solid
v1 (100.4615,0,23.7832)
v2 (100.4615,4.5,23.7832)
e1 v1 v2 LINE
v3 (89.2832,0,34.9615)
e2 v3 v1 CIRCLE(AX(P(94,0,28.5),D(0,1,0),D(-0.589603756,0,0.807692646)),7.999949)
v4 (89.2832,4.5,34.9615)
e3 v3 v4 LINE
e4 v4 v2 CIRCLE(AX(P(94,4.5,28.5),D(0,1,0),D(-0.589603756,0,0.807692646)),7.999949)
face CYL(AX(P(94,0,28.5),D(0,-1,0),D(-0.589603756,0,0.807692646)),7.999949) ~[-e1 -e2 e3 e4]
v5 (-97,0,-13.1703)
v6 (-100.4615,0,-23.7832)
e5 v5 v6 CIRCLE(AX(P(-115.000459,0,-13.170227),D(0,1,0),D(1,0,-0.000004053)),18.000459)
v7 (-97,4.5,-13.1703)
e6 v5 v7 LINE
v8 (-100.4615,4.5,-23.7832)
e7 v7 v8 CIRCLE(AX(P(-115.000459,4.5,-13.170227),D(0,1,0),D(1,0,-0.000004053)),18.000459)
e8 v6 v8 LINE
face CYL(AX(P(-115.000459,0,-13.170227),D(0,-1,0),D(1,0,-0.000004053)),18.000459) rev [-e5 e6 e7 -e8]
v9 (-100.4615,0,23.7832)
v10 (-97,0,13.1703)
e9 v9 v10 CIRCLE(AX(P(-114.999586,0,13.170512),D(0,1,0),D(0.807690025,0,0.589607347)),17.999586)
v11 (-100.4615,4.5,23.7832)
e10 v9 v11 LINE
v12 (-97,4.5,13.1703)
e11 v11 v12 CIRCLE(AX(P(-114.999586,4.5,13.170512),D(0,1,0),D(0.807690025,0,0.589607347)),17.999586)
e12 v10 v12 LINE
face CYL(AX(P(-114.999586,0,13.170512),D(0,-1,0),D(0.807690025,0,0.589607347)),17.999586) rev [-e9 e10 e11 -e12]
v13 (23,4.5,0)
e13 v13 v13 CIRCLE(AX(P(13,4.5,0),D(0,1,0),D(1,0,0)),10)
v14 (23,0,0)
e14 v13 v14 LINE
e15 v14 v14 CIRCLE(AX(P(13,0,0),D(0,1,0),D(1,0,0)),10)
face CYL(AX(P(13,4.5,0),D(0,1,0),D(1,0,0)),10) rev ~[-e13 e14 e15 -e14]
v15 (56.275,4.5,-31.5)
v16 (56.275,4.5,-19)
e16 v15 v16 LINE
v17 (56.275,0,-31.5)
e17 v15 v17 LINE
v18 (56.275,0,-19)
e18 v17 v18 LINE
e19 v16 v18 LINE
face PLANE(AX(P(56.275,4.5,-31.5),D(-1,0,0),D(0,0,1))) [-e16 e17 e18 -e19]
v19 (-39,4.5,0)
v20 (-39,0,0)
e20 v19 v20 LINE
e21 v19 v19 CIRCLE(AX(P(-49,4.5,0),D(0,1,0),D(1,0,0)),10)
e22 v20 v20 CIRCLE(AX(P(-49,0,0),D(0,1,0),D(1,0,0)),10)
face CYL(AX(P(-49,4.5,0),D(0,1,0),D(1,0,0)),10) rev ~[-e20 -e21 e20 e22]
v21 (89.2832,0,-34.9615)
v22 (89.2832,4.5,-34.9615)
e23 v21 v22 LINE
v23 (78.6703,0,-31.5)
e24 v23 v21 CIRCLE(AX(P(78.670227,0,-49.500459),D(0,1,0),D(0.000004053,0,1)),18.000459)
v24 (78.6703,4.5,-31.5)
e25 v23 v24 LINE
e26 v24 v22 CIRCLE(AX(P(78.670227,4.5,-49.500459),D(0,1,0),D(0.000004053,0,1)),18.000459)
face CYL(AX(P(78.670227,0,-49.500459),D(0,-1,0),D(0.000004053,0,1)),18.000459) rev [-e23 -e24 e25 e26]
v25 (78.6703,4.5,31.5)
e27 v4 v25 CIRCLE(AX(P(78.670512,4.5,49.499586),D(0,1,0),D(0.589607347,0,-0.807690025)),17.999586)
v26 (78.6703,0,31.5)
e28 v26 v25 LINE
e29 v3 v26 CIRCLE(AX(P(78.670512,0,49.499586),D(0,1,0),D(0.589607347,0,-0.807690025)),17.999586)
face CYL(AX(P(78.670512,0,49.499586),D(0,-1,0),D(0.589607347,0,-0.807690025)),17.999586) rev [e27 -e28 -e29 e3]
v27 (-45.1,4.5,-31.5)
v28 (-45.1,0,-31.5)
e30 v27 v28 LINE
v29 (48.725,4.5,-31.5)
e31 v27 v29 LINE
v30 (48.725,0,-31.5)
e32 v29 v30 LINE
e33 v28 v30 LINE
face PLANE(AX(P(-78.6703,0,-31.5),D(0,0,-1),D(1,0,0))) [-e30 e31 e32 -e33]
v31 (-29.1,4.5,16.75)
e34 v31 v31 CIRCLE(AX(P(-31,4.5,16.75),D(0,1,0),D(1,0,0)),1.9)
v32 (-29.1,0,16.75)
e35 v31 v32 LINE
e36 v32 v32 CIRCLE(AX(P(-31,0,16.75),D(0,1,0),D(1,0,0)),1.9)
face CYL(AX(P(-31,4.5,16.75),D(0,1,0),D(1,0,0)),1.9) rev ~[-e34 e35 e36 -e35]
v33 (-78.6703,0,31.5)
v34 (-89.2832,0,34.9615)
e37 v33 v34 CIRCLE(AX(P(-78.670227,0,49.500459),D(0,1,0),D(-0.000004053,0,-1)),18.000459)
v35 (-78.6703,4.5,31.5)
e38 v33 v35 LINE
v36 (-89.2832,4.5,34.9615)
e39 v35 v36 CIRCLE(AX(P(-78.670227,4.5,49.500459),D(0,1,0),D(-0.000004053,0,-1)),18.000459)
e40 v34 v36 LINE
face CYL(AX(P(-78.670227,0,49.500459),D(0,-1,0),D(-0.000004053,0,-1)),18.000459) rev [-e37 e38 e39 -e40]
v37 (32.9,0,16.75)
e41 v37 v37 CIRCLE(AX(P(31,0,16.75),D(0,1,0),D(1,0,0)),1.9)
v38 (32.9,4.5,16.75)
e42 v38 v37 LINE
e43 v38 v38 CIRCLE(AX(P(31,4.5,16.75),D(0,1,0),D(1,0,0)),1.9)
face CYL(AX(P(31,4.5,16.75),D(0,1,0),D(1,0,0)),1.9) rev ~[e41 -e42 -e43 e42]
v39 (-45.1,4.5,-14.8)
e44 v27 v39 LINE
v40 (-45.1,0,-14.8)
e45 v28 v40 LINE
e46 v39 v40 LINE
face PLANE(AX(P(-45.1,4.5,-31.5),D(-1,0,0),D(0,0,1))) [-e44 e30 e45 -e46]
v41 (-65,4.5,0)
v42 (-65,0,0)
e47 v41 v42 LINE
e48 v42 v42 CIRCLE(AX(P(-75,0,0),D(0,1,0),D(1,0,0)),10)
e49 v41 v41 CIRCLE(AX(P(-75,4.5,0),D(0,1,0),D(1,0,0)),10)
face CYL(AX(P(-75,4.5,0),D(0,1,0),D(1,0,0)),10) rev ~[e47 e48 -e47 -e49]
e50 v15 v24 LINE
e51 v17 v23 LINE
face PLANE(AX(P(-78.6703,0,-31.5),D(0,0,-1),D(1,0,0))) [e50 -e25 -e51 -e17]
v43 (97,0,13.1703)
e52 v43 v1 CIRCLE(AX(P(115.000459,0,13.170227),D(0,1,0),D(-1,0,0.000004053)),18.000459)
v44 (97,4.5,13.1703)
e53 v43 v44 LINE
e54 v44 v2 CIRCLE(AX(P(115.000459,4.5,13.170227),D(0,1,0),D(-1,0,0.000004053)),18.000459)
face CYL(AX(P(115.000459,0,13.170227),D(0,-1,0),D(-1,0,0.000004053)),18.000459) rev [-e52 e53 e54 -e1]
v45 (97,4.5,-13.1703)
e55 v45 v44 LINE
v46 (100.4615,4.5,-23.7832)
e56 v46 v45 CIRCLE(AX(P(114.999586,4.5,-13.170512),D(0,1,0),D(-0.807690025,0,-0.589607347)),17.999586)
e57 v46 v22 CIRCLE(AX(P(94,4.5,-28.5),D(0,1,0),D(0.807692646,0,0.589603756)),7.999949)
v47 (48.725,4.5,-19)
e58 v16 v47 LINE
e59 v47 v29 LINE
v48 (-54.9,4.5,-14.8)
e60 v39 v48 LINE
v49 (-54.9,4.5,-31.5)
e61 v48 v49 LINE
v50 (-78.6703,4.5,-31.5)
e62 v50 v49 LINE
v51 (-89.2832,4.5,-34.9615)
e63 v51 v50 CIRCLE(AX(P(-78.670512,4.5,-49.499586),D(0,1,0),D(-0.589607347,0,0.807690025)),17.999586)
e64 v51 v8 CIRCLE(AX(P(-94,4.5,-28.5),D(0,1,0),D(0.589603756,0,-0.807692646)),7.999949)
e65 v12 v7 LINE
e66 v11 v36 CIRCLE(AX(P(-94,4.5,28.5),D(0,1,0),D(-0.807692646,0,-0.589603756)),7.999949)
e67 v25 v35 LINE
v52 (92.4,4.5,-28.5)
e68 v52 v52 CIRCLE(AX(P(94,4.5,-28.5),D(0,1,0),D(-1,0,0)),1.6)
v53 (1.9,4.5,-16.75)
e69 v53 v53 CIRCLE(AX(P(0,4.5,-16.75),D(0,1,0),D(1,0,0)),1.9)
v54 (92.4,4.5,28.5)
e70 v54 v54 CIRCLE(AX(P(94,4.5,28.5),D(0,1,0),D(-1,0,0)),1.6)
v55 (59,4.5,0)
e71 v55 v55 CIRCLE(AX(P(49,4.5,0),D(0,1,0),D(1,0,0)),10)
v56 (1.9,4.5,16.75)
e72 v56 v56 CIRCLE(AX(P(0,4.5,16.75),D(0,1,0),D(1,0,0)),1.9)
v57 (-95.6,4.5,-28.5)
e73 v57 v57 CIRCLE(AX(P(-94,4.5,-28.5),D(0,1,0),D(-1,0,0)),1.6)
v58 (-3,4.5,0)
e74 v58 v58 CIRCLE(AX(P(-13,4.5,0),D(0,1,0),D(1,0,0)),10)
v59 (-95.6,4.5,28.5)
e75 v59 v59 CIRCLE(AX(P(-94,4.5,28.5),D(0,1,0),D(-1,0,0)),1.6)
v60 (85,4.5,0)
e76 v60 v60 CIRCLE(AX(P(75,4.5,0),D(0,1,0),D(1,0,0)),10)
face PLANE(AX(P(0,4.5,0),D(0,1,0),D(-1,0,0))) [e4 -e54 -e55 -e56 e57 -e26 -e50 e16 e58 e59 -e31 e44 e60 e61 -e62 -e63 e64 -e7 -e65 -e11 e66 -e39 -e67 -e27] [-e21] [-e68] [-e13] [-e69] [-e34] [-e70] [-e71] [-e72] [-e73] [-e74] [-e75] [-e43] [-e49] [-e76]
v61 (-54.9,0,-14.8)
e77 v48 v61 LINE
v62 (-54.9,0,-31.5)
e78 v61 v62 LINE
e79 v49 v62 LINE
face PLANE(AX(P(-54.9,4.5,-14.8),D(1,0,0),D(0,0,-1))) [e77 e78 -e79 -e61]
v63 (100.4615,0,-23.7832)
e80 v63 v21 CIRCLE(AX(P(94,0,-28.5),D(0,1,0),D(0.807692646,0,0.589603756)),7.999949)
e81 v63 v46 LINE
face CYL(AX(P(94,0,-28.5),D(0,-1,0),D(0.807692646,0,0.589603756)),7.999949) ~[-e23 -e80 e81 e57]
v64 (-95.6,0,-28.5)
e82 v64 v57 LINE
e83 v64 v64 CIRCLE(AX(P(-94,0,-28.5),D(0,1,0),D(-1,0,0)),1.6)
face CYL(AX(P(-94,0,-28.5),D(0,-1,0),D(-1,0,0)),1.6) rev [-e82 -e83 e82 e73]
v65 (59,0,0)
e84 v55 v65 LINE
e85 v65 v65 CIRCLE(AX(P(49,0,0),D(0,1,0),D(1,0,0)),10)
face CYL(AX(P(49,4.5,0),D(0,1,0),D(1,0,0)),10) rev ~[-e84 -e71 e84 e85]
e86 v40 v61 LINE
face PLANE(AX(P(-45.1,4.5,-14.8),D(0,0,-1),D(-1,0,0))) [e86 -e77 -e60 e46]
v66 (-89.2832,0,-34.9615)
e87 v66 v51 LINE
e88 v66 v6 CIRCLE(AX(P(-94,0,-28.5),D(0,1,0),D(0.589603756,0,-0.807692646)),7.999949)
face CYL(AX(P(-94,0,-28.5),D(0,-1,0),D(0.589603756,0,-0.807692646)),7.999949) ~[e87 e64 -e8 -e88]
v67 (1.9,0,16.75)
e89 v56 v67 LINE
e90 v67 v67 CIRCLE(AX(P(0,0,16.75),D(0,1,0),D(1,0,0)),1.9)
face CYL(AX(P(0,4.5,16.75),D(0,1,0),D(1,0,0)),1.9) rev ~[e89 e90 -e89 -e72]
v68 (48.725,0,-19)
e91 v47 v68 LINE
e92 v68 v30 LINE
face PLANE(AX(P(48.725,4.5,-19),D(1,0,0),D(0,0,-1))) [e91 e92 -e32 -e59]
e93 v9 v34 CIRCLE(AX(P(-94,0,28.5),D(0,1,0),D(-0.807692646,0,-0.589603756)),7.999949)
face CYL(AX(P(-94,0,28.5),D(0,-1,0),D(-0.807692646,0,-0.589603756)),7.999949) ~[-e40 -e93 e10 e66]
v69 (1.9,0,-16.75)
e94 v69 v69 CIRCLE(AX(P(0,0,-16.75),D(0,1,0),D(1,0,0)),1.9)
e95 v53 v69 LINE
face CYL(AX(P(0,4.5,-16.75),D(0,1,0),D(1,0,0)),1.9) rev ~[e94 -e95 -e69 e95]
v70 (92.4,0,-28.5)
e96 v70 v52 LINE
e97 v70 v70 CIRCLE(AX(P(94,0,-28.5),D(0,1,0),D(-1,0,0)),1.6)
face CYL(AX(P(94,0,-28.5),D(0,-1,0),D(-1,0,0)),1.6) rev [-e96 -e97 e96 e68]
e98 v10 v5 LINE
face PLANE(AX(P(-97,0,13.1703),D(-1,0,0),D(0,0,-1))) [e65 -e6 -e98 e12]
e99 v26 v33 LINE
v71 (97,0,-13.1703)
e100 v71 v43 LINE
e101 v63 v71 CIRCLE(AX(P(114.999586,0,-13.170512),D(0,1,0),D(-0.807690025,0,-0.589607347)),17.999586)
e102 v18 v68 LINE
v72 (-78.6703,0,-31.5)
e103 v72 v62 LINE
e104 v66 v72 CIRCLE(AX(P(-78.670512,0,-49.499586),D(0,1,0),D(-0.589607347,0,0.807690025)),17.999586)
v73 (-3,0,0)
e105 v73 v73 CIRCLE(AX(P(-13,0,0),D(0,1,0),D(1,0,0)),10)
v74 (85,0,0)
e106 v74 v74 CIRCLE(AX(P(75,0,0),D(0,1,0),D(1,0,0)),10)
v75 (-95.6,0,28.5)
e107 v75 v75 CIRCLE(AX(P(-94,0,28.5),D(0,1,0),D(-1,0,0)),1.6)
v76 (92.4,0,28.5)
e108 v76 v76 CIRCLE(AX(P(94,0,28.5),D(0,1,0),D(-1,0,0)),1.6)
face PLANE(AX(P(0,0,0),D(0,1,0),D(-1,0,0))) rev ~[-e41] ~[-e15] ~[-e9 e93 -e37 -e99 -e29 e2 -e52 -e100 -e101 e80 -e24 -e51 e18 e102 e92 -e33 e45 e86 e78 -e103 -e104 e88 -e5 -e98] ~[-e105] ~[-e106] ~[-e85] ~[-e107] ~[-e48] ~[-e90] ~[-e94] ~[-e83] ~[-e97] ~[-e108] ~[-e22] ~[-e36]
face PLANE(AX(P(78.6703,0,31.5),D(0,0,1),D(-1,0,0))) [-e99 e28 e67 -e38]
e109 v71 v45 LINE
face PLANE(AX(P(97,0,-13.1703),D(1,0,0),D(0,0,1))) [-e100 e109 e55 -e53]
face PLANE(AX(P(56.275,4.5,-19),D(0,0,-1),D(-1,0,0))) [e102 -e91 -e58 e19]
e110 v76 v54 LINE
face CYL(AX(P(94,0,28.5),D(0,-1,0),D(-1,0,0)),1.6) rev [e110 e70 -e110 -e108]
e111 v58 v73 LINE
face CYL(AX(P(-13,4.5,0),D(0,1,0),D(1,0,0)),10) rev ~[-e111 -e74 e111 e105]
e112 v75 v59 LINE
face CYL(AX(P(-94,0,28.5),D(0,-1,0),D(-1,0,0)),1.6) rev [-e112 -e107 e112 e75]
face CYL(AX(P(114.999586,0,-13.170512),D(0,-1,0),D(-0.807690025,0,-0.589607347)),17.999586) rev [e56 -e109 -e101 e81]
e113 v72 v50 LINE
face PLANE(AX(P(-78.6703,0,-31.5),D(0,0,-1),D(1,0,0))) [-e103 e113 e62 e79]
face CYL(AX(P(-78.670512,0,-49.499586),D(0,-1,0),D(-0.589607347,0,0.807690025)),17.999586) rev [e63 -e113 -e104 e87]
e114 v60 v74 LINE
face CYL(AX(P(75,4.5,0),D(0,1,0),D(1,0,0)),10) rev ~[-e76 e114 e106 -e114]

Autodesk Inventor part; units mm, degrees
ref_plane "YZ Plane" through (0, 0, 0) normal (1, 0, 0) x (0, 1, 0)
ref_plane "XZ Plane" through (0, 0, 0) normal (0, 1, 0) x (-1, 0, 0)
ref_plane "XY Plane" through (0, 0, 0) normal (0, 0, 1) x (1, 0, 0)
sketch "Sketch2" plane through (0, 0, 0) normal (0, 1, 0) x (-1, 0, 0)
  line L0 (-94, 28.5) -> (94, 28.5) construction
  line L1 (94, 28.5) -> (94, -28.5) construction
  line L2 (94, -28.5) -> (-94, -28.5) construction
  line L3 (-94, -28.5) -> (-94, 28.5) construction
  line L4 (-94, 28.5) -> (94, -28.5) construction
  line L5 (94, 28.5) -> (-94, -28.5) construction
  line L6 (78.6703, -31.5) -> (-78.6703, -31.5)
  line L7 (-97, -13.1703) -> (-97, 13.1703)
  line L8 (-78.6703, 31.5) -> (78.6703, 31.5)
  line L9 (97, 13.1703) -> (97, -13.1703)
  arc A0 (89.2832, -34.9615) -> (100.4615, -23.7832) centre (94, -28.5) ccw
  arc A1 (100.4615, 23.7832) -> (89.2832, 34.9615) centre (94, 28.5) ccw
  arc A2 (-89.2832, 34.9615) -> (-100.4615, 23.7832) centre (-94, 28.5) ccw
  arc A3 (-100.4615, -23.7832) -> (-89.2832, -34.9615) centre (-94, -28.5) ccw
  arc A4 (89.2832, -34.9615) -> (78.6703, -31.5) centre (78.6703, -49.5) ccw
  arc A5 (97, -13.1703) -> (100.4615, -23.7832) centre (115, -13.1703) ccw
  arc A6 (100.4615, 23.7832) -> (97, 13.1703) centre (115, 13.1703) ccw
  arc A7 (78.6703, 31.5) -> (89.2832, 34.9615) centre (78.6703, 49.5) ccw
  arc A8 (-89.2832, 34.9615) -> (-78.6703, 31.5) centre (-78.6703, 49.5) ccw
  arc A9 (-97, 13.1703) -> (-100.4615, 23.7832) centre (-115, 13.1703) ccw
  arc A10 (-100.4615, -23.7832) -> (-97, -13.1703) centre (-115, -13.1703) ccw
  arc A11 (-78.6703, -31.5) -> (-89.2832, -34.9615) centre (-78.6703, -49.5) ccw
  circle A12 centre (94, -28.5) radius 1.6
  circle A13 centre (94, 28.5) radius 1.6
  circle A14 centre (-94, -28.5) radius 1.6
  circle A15 centre (-94, 28.5) radius 1.6
  circle A16 centre (94, -28.5) radius 3 construction
  circle A17 centre (94, 28.5) radius 3 construction
  circle A18 centre (-94, 28.5) radius 3 construction
  circle A19 centre (-94, -28.5) radius 3 construction
  point P0 (0, 0)
  point P1 (86.5838, -31.5)
  point P2 (-86.5838, -31.5)
  point P3 (-97, -21.0838)
  point P4 (-97, 21.0838)
  point P5 (-86.5838, 31.5)
  point P6 (86.5838, 31.5)
  point P7 (97, 21.0838)
  point P8 (97, -21.0838)
  dimension "d6" = 3
  dimension "d7" = 3
  dimension "d8" = 3
  dimension "d9" = 3
  dimension "d10" = 8
  dimension "d11" = 18
  dimension "d14" = 3.2
  dimension "d15" = 63
  dimension "d16" = 194
  dimension "d17" = 6
extrude "Extrusion1" add sketch "Sketch2" along normal blind 4.5
sketch "Sketch4" plane through (0, 4.5, 0) normal (0, 1, 0) x (1, 0, 0)
  circle A0 centre (-13, 0) radius 10
  circle A1 centre (13, 0) radius 10
  circle A2 centre (-75, 0) radius 10
  circle A3 centre (-49, 0) radius 10
  circle A4 centre (49, 0) radius 10
  circle A5 centre (75, 0) radius 10
  circle A6 centre (-31, -16.75) radius 1.9
  circle A7 centre (0, -16.75) radius 1.9
  circle A8 centre (31, -16.75) radius 1.9
  circle A9 centre (0, 16.75) radius 1.9
  point P0 (0, 0)
  dimension "d23" = 26
  dimension "d24" = 13
  dimension "d25" = 20
  dimension "d26" = 36
  dimension "d27" = 26
  dimension "d28" = 36
  dimension "d29" = 26
  dimension "d32" = 31
  dimension "d33" = 31
  dimension "d34" = 16.75
  dimension "d35" = 16.75
  dimension "d36" = 3.8
extrude "Extrusion3" cut sketch "Sketch4" against normal through all
sketch "Sketch5" plane through (0, 4.5, 0) normal (0, 1, 0) x (1, 0, 0)
  line L0 (78.6703, 31.5) -> (-78.6703, 31.5) projected
  line L1 (-54.9, 31.5) -> (-45.1, 31.5)
  line L2 (-45.1, 31.5) -> (-45.1, 14.8)
  line L3 (-45.1, 14.8) -> (-54.9, 14.8)
  line L4 (-54.9, 14.8) -> (-54.9, 31.5)
  line L5 (48.725, 31.5) -> (56.275, 31.5)
  line L6 (56.275, 31.5) -> (56.275, 19)
  line L7 (56.275, 19) -> (48.725, 19)
  line L8 (48.725, 19) -> (48.725, 31.5)
  point P0 (0, 0)
  point P1 (-50, 31.5)
  point P2 (52.5, 31.5)
  dimension "d37" = 50
  dimension "d38" = 52.5
  dimension "d39" = 9.8
  dimension "d40" = 7.55
  dimension "d41" = 12.5
  dimension "d42" = 16.7
extrude "Extrusion4" cut sketch "Sketch5" against normal through all
equation "\"d7\" = d6"
equation "\"d8\" = d6"
equation "\"d9\" = d8"
equation "\"d24\" = 0.5 * d23"
equation "\"d27\" = d23"
equation "\"d28\" = d26"
equation "\"d29\" = d23"
equation "\"d33\" = d32"
equation "\"d35\" = d34"
properties part number "Top"
